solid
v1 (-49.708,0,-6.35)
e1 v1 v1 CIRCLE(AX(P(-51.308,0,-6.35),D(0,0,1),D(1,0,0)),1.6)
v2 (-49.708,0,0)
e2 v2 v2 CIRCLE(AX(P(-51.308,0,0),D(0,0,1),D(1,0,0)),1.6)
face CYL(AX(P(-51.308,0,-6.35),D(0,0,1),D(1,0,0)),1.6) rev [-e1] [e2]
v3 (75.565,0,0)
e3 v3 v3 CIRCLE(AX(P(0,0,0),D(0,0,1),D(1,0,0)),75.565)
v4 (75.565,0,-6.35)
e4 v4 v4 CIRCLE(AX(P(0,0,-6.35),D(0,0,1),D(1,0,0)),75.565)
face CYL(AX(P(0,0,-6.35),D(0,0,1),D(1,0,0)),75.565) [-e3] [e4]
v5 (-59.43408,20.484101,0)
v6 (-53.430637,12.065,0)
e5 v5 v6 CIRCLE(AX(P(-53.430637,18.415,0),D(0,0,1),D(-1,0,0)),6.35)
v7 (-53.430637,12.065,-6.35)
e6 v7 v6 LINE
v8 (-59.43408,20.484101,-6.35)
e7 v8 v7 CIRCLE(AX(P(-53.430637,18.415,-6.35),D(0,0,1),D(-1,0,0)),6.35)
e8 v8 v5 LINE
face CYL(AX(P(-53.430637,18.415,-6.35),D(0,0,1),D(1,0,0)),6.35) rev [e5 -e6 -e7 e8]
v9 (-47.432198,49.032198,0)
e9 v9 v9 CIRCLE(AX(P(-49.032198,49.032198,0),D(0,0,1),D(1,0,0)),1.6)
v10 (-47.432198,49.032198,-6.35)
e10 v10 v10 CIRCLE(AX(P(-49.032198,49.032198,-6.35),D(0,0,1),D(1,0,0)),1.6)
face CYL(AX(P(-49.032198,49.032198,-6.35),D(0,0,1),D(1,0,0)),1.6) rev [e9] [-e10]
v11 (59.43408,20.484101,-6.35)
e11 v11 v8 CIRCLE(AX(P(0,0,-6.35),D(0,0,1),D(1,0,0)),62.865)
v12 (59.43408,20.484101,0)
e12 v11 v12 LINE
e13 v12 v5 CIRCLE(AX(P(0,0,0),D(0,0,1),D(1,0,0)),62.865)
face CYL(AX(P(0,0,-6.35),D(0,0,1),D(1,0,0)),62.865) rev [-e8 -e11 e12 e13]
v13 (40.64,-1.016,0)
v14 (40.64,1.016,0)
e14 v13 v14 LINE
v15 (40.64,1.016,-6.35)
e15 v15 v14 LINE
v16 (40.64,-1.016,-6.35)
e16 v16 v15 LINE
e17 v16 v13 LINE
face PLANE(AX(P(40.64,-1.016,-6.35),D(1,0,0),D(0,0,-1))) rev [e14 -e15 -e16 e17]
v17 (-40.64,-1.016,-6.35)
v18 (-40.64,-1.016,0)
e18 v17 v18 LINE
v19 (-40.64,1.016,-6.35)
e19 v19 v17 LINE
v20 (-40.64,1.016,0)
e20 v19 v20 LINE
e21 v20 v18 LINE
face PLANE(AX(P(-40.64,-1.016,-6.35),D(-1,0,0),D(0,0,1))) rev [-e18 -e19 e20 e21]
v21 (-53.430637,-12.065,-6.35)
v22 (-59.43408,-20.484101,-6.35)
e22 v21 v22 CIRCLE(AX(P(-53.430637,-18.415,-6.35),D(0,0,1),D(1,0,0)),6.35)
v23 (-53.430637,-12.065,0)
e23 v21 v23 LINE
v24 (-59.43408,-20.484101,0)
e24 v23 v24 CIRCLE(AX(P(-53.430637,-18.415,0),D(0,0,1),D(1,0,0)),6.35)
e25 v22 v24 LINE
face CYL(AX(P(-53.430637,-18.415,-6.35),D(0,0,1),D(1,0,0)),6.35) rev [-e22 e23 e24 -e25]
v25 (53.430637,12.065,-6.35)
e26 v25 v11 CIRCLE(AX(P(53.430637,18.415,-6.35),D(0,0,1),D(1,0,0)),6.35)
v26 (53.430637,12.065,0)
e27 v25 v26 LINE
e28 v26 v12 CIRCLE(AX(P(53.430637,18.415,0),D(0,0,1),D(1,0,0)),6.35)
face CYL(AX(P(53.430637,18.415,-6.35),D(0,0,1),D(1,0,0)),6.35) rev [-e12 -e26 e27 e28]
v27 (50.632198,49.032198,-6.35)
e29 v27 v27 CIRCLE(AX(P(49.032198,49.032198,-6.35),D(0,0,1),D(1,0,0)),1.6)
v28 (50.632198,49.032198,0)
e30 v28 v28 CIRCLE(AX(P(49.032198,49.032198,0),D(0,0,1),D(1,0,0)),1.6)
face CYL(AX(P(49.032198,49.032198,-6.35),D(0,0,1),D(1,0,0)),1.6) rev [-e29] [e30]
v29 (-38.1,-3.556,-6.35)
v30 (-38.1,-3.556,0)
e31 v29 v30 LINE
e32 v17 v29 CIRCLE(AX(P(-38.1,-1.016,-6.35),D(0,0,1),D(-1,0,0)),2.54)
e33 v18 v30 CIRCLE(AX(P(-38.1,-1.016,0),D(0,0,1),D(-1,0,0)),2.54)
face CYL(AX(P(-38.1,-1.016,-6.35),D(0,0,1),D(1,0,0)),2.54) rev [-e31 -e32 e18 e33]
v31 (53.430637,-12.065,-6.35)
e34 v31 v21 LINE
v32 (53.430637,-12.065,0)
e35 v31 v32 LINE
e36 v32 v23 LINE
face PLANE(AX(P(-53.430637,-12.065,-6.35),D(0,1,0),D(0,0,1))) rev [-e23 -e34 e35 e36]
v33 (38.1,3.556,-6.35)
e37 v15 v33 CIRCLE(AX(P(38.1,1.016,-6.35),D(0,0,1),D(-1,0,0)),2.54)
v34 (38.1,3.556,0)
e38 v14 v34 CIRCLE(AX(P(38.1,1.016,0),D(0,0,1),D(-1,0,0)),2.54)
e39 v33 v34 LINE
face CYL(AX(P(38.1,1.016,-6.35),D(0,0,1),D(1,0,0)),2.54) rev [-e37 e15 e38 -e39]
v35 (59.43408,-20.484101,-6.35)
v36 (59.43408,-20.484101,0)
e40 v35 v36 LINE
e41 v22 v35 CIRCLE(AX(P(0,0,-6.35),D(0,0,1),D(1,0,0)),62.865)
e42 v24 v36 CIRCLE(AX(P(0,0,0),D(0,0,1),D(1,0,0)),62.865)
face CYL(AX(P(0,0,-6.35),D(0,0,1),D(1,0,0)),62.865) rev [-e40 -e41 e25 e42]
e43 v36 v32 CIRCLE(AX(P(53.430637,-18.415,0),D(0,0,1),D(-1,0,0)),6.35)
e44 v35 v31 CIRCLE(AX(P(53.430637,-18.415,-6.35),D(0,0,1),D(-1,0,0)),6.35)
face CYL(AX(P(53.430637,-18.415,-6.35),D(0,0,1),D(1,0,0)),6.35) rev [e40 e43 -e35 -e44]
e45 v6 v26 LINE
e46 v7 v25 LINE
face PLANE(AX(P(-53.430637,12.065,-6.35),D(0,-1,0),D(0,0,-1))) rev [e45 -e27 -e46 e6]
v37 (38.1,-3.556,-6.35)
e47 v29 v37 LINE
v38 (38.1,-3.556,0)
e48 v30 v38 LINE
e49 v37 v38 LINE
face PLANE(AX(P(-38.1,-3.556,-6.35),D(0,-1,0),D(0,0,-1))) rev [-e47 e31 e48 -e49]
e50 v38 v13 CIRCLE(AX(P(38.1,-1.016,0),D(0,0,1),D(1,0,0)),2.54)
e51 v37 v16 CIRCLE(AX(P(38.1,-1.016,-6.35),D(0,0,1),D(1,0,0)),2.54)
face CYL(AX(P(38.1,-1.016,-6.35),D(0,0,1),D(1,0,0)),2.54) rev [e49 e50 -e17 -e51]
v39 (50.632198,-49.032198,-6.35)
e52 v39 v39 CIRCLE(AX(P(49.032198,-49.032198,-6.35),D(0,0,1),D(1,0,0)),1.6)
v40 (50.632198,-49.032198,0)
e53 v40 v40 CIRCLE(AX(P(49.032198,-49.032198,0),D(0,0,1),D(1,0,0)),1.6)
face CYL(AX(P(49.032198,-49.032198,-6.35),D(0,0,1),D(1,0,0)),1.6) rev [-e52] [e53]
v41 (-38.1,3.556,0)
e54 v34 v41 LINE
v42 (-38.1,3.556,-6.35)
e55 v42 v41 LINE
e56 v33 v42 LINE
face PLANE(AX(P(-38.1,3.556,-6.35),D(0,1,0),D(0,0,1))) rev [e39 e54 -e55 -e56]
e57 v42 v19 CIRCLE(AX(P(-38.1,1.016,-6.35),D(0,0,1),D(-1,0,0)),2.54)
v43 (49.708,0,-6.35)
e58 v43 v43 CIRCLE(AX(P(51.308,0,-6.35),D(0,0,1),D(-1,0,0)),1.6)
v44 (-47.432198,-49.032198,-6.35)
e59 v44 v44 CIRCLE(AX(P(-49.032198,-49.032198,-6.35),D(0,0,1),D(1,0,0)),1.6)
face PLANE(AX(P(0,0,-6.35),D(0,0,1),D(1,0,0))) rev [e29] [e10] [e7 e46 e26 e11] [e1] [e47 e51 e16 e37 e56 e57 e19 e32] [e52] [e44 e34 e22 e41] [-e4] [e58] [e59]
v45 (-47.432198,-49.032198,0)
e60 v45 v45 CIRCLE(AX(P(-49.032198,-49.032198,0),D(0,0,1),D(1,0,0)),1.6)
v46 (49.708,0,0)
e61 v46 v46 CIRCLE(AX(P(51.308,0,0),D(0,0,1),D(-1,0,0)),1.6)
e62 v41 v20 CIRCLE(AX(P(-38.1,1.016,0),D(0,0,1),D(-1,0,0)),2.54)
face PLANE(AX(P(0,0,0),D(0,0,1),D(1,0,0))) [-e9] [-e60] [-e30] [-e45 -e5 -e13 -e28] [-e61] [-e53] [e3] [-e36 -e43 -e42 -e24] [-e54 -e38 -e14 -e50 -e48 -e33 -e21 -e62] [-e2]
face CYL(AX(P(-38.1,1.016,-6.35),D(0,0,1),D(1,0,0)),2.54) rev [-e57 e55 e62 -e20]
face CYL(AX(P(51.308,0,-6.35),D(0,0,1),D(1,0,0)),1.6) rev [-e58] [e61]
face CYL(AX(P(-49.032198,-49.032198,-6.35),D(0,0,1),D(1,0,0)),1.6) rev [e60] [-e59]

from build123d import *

# Parameters (mm, degrees)
SKETCH1_R           = 75.565
SKETCH1_R_2         = 1.6
BOSS_EXTRUDE1_DEPTH = 6.35


with BuildPart() as part:
    # Sketch1 → Boss-Extrude1 (new body)
    with BuildSketch(Plane.XY):
        Circle(SKETCH1_R)
        with Locations((-51.308, 0)):
            Circle(SKETCH1_R_2, mode=Mode.SUBTRACT)
        with Locations(Location((51.308, 0, 0), (0, 0, 180))):
            Circle(SKETCH1_R_2, mode=Mode.SUBTRACT)
        with Locations((49.032198421, 49.032198421)):
            Circle(SKETCH1_R_2, mode=Mode.SUBTRACT)
        with Locations((49.032198421, -49.032198421)):
            Circle(SKETCH1_R_2, mode=Mode.SUBTRACT)
        with Locations((-49.032198421, -49.032198421)):
            Circle(SKETCH1_R_2, mode=Mode.SUBTRACT)
        with Locations((-49.032198421, 49.032198421)):
            Circle(SKETCH1_R_2, mode=Mode.SUBTRACT)
        with BuildLine():
            Line((-53.430637279, 12.065), (53.430637279, 12.065))
            ThreePointArc((53.430637279, 12.065), (58.600806141, 14.728286839), (59.434079669, 20.484101124))
            ThreePointArc((59.434079669, 20.484101124), (0, 62.865), (-59.434079669, 20.484101124))
            ThreePointArc((-59.434079669, 20.484101124), (-58.600806141, 14.728286839), (-53.430637279, 12.065))
        make_face(mode=Mode.SUBTRACT)
        with BuildLine():
            Line((-53.430637279, -12.065), (53.430637279, -12.065))
            ThreePointArc((53.430637279, -12.065), (58.600806141, -14.728286839), (59.434079669, -20.484101124))
            ThreePointArc((59.434079669, -20.484101124), (0, -62.865), (-59.434079669, -20.484101124))
            ThreePointArc((-59.434079669, -20.484101124), (-58.600806141, -14.728286839), (-53.430637279, -12.065))
        make_face(mode=Mode.SUBTRACT)
        with BuildLine():
            Line((-38.1, -3.556), (38.1, -3.556))
            ThreePointArc((38.1, -3.556), (39.896051224, -2.812051224), (40.64, -1.016))
            Line((40.64, -1.016), (40.64, 1.016))
            ThreePointArc((40.64, 1.016), (39.896051224, 2.812051224), (38.1, 3.556))
            Line((38.1, 3.556), (-38.1, 3.556))
            ThreePointArc((-38.1, 3.556), (-39.896051224, 2.812051224), (-40.64, 1.016))
            Line((-40.64, 1.016), (-40.64, -1.016))
            ThreePointArc((-40.64, -1.016), (-39.896051224, -2.812051224), (-38.1, -3.556))
        make_face(mode=Mode.SUBTRACT)
    extrude(amount=-BOSS_EXTRUDE1_DEPTH)


solid = part.part
